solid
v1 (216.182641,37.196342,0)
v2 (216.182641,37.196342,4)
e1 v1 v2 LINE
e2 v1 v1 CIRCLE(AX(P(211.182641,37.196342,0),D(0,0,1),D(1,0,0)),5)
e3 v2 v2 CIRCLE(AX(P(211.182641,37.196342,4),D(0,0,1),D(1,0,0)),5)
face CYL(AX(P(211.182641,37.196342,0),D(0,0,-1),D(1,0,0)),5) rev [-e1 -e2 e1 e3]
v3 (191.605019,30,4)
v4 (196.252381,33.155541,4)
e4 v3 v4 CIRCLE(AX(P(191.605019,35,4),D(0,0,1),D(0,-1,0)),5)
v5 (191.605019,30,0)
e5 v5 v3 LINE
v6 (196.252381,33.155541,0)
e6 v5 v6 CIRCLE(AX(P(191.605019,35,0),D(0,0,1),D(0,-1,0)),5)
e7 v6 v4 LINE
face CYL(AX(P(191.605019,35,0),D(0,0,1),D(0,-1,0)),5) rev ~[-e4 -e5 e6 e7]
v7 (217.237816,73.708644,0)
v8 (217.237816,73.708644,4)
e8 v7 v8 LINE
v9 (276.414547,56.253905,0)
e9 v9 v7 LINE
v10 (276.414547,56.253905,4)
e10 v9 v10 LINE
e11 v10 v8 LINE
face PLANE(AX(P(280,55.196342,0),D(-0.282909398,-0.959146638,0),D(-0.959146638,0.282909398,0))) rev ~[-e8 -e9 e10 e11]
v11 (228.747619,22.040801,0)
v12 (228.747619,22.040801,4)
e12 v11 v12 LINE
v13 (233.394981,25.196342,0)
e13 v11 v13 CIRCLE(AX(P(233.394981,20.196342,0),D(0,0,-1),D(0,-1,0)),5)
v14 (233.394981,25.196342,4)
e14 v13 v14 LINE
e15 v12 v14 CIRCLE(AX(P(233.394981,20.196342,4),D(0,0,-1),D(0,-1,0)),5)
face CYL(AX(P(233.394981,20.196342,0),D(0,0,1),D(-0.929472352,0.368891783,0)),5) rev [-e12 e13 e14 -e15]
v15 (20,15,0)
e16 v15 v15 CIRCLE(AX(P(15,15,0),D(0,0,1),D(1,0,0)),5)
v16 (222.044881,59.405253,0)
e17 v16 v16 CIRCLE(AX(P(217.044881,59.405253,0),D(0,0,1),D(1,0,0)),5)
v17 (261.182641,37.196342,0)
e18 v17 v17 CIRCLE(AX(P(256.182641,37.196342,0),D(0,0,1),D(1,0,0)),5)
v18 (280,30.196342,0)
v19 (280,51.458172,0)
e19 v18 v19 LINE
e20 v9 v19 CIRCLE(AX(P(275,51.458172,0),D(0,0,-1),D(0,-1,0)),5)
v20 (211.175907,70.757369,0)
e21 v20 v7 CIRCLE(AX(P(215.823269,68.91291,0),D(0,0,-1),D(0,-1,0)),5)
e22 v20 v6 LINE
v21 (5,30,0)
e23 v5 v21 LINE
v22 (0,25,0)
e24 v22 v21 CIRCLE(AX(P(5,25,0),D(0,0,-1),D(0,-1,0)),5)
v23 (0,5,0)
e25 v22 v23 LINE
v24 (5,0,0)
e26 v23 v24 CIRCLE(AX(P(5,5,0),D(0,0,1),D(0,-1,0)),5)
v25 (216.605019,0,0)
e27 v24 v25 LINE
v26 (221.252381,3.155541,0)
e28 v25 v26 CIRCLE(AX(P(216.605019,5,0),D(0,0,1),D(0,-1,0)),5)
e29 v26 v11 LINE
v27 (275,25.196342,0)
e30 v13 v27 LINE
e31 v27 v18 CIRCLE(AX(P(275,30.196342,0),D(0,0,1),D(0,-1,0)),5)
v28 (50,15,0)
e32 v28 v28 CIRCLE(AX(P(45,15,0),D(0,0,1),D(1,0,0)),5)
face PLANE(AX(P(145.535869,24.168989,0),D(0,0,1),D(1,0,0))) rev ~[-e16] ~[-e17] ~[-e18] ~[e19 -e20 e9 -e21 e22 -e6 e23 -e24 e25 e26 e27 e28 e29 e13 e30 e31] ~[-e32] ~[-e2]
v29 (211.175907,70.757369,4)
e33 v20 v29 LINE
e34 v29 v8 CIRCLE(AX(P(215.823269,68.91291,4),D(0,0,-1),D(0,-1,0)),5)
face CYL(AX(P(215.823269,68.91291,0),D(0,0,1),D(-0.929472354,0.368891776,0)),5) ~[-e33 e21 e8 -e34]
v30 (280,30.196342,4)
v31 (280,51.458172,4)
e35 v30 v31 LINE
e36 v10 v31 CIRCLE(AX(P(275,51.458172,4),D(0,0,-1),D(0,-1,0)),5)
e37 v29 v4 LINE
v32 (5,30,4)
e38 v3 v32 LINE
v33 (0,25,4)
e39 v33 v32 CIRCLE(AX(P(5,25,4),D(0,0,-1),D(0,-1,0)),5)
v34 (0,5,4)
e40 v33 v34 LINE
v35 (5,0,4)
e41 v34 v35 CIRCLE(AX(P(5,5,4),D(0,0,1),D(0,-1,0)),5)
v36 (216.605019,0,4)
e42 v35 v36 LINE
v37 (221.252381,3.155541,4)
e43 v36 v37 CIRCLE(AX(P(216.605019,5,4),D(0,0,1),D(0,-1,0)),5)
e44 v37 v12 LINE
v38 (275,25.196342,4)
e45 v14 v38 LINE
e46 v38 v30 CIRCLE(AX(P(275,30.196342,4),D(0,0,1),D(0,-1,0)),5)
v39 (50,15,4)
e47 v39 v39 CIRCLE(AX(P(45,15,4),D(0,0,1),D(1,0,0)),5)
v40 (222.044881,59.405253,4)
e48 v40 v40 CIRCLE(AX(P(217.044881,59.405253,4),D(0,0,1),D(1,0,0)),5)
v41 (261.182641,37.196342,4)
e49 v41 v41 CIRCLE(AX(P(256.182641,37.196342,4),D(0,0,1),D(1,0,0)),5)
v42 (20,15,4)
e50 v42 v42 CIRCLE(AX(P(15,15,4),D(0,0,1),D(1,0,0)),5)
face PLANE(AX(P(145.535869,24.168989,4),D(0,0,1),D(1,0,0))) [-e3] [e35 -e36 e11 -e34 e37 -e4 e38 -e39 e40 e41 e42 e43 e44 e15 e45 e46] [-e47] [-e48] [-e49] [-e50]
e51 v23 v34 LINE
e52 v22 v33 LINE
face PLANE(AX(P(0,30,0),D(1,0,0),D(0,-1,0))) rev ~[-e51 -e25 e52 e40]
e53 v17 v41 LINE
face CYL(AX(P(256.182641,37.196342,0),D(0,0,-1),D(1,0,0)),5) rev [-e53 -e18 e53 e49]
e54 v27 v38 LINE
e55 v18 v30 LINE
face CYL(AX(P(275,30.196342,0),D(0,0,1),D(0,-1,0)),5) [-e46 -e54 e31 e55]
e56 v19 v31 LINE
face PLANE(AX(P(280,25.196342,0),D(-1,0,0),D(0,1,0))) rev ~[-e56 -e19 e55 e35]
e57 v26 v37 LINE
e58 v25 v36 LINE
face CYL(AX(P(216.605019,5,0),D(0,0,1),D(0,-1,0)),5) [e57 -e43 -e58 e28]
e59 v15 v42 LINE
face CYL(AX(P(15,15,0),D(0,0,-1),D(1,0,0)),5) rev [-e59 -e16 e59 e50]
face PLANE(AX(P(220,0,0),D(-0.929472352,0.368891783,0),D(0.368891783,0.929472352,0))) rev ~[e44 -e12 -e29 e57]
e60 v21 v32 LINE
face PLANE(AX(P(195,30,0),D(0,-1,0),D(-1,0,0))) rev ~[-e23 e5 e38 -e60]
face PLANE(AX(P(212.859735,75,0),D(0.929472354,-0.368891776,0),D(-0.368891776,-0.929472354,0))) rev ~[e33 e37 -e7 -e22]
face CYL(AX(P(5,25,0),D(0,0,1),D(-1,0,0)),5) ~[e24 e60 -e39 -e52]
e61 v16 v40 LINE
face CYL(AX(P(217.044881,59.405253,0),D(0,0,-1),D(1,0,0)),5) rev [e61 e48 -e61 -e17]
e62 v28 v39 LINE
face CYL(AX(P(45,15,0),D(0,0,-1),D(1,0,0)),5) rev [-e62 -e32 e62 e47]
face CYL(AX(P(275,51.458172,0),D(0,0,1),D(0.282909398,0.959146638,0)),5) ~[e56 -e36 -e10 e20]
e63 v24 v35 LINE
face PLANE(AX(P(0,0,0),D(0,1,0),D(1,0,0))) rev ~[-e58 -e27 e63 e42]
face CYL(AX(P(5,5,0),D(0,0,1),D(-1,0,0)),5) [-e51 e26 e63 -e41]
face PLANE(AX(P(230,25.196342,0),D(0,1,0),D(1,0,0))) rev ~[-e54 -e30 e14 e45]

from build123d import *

# Parameters (mm, degrees)
F0_R     = 5
F1_DEPTH = 4
F2_R     = 5


with BuildPart() as f1:
    # F0 (on Top) → F1 (new body)
    with BuildSketch(Plane.XY):
        Polygon((0, 30), (0, 0), (220, 0), (230, 25.196342), (280, 25.196342), (280, 55.196342), (212.859735, 75), (195, 30), align=None)
        with Locations((15, 15)):
            Circle(F0_R, mode=Mode.SUBTRACT)
        with Locations((45, 15)):
            Circle(F0_R, mode=Mode.SUBTRACT)
        with Locations((211.182641, 37.196342)):
            Circle(F0_R, mode=Mode.SUBTRACT)
        with Locations((256.182641, 37.196342)):
            Circle(F0_R, mode=Mode.SUBTRACT)
        with Locations((217.044881, 59.405253)):
            Circle(F0_R, mode=Mode.SUBTRACT)
    extrude(amount=F1_DEPTH)

    # F2
    f2_edges = [f1.edges().sort_by_distance(p)[0] for p in [
        (0, 30, 2),
        (0, 0, 2),
        (220, 0, 2),
        (280, 25.196342, 2),
        (280, 55.196342, 2),
        (212.859735, 75, 2),
        (195, 30, 2),
        (230, 25.196342, 2),
    ]]
    fillet(f2_edges, radius=F2_R)


solid = f1.part
